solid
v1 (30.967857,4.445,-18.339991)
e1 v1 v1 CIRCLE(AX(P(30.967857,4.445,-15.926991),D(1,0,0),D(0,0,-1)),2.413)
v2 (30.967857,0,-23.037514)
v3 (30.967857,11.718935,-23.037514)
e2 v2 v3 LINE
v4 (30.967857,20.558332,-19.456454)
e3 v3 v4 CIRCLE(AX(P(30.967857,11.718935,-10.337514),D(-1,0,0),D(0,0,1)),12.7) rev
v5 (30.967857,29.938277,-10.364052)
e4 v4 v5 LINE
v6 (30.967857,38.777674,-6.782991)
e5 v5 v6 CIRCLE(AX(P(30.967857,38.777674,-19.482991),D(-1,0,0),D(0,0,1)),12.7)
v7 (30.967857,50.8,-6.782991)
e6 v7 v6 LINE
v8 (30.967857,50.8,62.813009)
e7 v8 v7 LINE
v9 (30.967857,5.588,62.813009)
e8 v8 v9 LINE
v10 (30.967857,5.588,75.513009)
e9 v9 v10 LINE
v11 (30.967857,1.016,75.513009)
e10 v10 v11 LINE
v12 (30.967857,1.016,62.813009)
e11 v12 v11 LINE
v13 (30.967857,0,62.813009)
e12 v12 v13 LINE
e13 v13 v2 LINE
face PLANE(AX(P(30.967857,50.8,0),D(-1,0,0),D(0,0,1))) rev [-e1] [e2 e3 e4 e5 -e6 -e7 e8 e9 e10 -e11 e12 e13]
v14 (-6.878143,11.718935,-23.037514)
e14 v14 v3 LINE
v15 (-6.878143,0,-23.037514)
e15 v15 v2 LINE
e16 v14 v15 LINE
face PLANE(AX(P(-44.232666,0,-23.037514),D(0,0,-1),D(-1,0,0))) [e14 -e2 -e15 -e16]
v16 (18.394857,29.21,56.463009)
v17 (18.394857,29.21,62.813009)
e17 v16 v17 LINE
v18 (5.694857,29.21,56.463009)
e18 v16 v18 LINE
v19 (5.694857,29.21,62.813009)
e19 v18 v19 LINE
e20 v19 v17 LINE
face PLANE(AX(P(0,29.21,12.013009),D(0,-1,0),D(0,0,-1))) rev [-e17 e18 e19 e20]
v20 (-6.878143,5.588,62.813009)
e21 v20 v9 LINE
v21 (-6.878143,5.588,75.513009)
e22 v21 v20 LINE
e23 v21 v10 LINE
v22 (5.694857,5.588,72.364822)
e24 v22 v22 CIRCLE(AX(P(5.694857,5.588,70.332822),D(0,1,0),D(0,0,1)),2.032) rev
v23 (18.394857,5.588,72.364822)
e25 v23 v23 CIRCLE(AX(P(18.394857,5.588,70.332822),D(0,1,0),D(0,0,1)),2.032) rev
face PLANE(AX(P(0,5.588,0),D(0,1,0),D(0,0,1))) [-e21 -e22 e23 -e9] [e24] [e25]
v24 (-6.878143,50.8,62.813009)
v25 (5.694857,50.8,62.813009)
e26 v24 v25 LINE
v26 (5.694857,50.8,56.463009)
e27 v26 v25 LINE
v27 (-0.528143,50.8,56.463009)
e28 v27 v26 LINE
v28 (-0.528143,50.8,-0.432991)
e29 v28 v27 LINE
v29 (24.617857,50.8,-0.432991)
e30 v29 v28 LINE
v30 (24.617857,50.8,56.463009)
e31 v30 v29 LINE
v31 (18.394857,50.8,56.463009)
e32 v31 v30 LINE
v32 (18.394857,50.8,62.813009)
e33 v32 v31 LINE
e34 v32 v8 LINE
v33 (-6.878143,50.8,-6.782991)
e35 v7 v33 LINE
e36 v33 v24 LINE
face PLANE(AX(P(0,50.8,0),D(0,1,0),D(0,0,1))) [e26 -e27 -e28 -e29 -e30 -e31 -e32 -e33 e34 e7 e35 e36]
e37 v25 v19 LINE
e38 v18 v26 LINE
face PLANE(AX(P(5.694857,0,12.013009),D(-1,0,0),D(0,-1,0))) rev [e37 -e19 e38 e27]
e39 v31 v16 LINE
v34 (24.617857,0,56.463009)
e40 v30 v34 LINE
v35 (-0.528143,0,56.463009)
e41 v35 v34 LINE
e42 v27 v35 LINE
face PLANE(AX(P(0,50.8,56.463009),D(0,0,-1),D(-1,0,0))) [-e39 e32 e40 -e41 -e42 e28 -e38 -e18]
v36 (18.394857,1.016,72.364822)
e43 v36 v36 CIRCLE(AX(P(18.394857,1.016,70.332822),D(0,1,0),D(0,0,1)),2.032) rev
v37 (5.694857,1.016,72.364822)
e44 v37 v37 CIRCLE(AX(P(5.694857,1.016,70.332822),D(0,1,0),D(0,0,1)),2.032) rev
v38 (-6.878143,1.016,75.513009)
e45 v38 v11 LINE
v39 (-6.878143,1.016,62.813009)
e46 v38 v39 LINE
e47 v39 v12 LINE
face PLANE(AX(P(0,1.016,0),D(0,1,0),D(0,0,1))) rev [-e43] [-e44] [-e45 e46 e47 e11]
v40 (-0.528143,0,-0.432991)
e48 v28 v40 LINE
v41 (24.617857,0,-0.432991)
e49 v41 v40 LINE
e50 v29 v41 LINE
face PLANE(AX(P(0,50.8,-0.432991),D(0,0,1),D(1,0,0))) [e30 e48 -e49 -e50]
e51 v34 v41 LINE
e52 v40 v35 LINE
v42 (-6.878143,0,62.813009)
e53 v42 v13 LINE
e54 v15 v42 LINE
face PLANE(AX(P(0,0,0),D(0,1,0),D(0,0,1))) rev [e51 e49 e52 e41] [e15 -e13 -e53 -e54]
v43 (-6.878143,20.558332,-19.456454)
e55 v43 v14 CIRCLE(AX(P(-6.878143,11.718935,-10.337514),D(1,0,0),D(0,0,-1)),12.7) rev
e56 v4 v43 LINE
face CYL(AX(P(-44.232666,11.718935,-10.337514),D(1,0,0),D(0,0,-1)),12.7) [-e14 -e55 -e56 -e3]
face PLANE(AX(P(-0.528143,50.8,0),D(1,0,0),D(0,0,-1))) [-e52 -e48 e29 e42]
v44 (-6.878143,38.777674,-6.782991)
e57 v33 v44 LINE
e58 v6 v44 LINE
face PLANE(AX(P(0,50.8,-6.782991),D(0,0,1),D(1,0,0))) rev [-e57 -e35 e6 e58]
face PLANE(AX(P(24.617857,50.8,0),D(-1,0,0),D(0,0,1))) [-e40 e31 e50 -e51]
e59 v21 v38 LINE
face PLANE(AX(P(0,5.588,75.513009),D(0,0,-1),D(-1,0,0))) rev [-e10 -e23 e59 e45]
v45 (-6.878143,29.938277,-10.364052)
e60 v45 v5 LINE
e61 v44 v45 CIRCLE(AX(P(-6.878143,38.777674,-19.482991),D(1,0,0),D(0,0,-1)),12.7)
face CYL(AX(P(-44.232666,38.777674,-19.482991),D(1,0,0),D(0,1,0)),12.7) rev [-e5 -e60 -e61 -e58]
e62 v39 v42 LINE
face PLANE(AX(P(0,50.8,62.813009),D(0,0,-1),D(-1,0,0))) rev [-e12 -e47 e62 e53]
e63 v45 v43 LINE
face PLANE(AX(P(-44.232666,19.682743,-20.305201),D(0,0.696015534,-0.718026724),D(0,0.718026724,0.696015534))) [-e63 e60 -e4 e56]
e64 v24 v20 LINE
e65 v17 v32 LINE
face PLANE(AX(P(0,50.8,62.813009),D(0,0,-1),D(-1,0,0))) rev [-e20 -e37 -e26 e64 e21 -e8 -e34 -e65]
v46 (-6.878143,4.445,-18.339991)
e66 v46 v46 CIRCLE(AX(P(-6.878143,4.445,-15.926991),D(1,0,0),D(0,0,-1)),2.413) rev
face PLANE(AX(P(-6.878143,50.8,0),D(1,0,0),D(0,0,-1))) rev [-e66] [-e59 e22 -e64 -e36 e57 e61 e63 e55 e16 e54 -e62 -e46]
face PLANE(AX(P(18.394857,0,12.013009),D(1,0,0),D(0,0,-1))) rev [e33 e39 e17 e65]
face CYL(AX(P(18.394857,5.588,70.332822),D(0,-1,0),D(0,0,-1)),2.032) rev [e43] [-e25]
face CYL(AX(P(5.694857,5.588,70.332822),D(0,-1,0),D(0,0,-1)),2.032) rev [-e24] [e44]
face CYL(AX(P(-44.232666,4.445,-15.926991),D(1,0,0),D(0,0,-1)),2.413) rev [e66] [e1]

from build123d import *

# Parameters (mm, degrees)
BOSS_EXTRUDE1_DEPTH = 50.8
CUT_EXTRUDE1_DEPTH  = 50.8
SKETCH5_R           = 2.032
BOSS_EXTRUDE2_DEPTH = 4.572
SKETCH8_R           = 2.413
BOSS_EXTRUDE3_DEPTH = 37.846
FILLET1_R           = 12.7


with BuildPart() as part:
    # Sketch1 → Boss-Extrude1 (new body)
    with BuildSketch(Plane(origin=(0, 0, 0), x_dir=(1, 0, 0), z_dir=(0, 1, 0))):
        Polygon((-0.528142549, -56.463008639), (-0.528142549, -28.015008639), (-6.878142549, -28.015008639), (-6.878142549, -62.813008639), (12.044857451, -62.813008639), (12.044857451, -56.463008639), align=None)
        Polygon((-0.528142549, -28.015008639), (-0.528142549, 0.432991361), (12.044857451, 0.432991361), (12.044857451, 6.782991361), (-6.878142549, 6.782991361), (-6.878142549, -28.015008639), align=None)
        Polygon((12.044857451, 6.782991361), (12.044857451, 0.432991361), (24.617857451, 0.432991361), (24.617857451, -28.015008639), (30.967857451, -28.015008639), (30.967857451, 6.782991361), align=None)
        Polygon((24.617857451, -56.463008639), (12.044857451, -56.463008639), (12.044857451, -62.813008639), (30.967857451, -62.813008639), (30.967857451, -28.015008639), (24.617857451, -28.015008639), align=None)
    extrude(amount=BOSS_EXTRUDE1_DEPTH)

    # Sketch3 → Cut-Extrude1 (cut)
    with BuildSketch(Plane.XY.offset(62.813008639)):
        Polygon((5.694857451, 29.21), (12.044857451, 29.21), (18.394857451, 29.21), (18.394857451, 50.8), (5.694857451, 50.8), align=None)
    extrude(amount=-CUT_EXTRUDE1_DEPTH, mode=Mode.SUBTRACT)

    # Sketch5 → Boss-Extrude2 (add)
    with BuildSketch(Plane(origin=(0, 1.016, 0), x_dir=(1, 0, 0), z_dir=(0, 1, 0))):
        Polygon((30.967857451, -62.813008639), (12.044857451, -62.813008639), (-6.878142549, -62.813008639), (-6.878142549, -75.513008639), (30.967857451, -75.513008639), align=None)
        with Locations(Location((5.694857451, -70.332821617, 0), (0, 0, 270))):
            Circle(SKETCH5_R, mode=Mode.SUBTRACT)
        with Locations(Location((18.394857451, -70.332821617, 0), (0, 0, 270))):
            Circle(SKETCH5_R, mode=Mode.SUBTRACT)
    extrude(amount=BOSS_EXTRUDE2_DEPTH)

    # Sketch8 → Boss-Extrude3 (add)
    with BuildSketch(Plane(origin=(30.967857451, 0, 0), x_dir=(0, 0, -1), z_dir=(1, 0, 0))):
        Polygon((6.782991361, 0), (15.926991361, 0), (23.037514196, 0), (23.037514196, 16.864021844), (6.782991361, 33.63258694), align=None)
        with Locations((15.926991361, 4.445)):
            Circle(SKETCH8_R, mode=Mode.SUBTRACT)
    extrude(amount=-BOSS_EXTRUDE3_DEPTH)

    # Fillet1
    fillet1_edges = [part.edges().sort_by_distance(p)[0] for p in [
        (12.044857451, 33.63258694, -6.782991361),
        (12.044857451, 16.864021844, -23.037514196),
    ]]
    fillet(fillet1_edges, radius=FILLET1_R)


solid = part.part
